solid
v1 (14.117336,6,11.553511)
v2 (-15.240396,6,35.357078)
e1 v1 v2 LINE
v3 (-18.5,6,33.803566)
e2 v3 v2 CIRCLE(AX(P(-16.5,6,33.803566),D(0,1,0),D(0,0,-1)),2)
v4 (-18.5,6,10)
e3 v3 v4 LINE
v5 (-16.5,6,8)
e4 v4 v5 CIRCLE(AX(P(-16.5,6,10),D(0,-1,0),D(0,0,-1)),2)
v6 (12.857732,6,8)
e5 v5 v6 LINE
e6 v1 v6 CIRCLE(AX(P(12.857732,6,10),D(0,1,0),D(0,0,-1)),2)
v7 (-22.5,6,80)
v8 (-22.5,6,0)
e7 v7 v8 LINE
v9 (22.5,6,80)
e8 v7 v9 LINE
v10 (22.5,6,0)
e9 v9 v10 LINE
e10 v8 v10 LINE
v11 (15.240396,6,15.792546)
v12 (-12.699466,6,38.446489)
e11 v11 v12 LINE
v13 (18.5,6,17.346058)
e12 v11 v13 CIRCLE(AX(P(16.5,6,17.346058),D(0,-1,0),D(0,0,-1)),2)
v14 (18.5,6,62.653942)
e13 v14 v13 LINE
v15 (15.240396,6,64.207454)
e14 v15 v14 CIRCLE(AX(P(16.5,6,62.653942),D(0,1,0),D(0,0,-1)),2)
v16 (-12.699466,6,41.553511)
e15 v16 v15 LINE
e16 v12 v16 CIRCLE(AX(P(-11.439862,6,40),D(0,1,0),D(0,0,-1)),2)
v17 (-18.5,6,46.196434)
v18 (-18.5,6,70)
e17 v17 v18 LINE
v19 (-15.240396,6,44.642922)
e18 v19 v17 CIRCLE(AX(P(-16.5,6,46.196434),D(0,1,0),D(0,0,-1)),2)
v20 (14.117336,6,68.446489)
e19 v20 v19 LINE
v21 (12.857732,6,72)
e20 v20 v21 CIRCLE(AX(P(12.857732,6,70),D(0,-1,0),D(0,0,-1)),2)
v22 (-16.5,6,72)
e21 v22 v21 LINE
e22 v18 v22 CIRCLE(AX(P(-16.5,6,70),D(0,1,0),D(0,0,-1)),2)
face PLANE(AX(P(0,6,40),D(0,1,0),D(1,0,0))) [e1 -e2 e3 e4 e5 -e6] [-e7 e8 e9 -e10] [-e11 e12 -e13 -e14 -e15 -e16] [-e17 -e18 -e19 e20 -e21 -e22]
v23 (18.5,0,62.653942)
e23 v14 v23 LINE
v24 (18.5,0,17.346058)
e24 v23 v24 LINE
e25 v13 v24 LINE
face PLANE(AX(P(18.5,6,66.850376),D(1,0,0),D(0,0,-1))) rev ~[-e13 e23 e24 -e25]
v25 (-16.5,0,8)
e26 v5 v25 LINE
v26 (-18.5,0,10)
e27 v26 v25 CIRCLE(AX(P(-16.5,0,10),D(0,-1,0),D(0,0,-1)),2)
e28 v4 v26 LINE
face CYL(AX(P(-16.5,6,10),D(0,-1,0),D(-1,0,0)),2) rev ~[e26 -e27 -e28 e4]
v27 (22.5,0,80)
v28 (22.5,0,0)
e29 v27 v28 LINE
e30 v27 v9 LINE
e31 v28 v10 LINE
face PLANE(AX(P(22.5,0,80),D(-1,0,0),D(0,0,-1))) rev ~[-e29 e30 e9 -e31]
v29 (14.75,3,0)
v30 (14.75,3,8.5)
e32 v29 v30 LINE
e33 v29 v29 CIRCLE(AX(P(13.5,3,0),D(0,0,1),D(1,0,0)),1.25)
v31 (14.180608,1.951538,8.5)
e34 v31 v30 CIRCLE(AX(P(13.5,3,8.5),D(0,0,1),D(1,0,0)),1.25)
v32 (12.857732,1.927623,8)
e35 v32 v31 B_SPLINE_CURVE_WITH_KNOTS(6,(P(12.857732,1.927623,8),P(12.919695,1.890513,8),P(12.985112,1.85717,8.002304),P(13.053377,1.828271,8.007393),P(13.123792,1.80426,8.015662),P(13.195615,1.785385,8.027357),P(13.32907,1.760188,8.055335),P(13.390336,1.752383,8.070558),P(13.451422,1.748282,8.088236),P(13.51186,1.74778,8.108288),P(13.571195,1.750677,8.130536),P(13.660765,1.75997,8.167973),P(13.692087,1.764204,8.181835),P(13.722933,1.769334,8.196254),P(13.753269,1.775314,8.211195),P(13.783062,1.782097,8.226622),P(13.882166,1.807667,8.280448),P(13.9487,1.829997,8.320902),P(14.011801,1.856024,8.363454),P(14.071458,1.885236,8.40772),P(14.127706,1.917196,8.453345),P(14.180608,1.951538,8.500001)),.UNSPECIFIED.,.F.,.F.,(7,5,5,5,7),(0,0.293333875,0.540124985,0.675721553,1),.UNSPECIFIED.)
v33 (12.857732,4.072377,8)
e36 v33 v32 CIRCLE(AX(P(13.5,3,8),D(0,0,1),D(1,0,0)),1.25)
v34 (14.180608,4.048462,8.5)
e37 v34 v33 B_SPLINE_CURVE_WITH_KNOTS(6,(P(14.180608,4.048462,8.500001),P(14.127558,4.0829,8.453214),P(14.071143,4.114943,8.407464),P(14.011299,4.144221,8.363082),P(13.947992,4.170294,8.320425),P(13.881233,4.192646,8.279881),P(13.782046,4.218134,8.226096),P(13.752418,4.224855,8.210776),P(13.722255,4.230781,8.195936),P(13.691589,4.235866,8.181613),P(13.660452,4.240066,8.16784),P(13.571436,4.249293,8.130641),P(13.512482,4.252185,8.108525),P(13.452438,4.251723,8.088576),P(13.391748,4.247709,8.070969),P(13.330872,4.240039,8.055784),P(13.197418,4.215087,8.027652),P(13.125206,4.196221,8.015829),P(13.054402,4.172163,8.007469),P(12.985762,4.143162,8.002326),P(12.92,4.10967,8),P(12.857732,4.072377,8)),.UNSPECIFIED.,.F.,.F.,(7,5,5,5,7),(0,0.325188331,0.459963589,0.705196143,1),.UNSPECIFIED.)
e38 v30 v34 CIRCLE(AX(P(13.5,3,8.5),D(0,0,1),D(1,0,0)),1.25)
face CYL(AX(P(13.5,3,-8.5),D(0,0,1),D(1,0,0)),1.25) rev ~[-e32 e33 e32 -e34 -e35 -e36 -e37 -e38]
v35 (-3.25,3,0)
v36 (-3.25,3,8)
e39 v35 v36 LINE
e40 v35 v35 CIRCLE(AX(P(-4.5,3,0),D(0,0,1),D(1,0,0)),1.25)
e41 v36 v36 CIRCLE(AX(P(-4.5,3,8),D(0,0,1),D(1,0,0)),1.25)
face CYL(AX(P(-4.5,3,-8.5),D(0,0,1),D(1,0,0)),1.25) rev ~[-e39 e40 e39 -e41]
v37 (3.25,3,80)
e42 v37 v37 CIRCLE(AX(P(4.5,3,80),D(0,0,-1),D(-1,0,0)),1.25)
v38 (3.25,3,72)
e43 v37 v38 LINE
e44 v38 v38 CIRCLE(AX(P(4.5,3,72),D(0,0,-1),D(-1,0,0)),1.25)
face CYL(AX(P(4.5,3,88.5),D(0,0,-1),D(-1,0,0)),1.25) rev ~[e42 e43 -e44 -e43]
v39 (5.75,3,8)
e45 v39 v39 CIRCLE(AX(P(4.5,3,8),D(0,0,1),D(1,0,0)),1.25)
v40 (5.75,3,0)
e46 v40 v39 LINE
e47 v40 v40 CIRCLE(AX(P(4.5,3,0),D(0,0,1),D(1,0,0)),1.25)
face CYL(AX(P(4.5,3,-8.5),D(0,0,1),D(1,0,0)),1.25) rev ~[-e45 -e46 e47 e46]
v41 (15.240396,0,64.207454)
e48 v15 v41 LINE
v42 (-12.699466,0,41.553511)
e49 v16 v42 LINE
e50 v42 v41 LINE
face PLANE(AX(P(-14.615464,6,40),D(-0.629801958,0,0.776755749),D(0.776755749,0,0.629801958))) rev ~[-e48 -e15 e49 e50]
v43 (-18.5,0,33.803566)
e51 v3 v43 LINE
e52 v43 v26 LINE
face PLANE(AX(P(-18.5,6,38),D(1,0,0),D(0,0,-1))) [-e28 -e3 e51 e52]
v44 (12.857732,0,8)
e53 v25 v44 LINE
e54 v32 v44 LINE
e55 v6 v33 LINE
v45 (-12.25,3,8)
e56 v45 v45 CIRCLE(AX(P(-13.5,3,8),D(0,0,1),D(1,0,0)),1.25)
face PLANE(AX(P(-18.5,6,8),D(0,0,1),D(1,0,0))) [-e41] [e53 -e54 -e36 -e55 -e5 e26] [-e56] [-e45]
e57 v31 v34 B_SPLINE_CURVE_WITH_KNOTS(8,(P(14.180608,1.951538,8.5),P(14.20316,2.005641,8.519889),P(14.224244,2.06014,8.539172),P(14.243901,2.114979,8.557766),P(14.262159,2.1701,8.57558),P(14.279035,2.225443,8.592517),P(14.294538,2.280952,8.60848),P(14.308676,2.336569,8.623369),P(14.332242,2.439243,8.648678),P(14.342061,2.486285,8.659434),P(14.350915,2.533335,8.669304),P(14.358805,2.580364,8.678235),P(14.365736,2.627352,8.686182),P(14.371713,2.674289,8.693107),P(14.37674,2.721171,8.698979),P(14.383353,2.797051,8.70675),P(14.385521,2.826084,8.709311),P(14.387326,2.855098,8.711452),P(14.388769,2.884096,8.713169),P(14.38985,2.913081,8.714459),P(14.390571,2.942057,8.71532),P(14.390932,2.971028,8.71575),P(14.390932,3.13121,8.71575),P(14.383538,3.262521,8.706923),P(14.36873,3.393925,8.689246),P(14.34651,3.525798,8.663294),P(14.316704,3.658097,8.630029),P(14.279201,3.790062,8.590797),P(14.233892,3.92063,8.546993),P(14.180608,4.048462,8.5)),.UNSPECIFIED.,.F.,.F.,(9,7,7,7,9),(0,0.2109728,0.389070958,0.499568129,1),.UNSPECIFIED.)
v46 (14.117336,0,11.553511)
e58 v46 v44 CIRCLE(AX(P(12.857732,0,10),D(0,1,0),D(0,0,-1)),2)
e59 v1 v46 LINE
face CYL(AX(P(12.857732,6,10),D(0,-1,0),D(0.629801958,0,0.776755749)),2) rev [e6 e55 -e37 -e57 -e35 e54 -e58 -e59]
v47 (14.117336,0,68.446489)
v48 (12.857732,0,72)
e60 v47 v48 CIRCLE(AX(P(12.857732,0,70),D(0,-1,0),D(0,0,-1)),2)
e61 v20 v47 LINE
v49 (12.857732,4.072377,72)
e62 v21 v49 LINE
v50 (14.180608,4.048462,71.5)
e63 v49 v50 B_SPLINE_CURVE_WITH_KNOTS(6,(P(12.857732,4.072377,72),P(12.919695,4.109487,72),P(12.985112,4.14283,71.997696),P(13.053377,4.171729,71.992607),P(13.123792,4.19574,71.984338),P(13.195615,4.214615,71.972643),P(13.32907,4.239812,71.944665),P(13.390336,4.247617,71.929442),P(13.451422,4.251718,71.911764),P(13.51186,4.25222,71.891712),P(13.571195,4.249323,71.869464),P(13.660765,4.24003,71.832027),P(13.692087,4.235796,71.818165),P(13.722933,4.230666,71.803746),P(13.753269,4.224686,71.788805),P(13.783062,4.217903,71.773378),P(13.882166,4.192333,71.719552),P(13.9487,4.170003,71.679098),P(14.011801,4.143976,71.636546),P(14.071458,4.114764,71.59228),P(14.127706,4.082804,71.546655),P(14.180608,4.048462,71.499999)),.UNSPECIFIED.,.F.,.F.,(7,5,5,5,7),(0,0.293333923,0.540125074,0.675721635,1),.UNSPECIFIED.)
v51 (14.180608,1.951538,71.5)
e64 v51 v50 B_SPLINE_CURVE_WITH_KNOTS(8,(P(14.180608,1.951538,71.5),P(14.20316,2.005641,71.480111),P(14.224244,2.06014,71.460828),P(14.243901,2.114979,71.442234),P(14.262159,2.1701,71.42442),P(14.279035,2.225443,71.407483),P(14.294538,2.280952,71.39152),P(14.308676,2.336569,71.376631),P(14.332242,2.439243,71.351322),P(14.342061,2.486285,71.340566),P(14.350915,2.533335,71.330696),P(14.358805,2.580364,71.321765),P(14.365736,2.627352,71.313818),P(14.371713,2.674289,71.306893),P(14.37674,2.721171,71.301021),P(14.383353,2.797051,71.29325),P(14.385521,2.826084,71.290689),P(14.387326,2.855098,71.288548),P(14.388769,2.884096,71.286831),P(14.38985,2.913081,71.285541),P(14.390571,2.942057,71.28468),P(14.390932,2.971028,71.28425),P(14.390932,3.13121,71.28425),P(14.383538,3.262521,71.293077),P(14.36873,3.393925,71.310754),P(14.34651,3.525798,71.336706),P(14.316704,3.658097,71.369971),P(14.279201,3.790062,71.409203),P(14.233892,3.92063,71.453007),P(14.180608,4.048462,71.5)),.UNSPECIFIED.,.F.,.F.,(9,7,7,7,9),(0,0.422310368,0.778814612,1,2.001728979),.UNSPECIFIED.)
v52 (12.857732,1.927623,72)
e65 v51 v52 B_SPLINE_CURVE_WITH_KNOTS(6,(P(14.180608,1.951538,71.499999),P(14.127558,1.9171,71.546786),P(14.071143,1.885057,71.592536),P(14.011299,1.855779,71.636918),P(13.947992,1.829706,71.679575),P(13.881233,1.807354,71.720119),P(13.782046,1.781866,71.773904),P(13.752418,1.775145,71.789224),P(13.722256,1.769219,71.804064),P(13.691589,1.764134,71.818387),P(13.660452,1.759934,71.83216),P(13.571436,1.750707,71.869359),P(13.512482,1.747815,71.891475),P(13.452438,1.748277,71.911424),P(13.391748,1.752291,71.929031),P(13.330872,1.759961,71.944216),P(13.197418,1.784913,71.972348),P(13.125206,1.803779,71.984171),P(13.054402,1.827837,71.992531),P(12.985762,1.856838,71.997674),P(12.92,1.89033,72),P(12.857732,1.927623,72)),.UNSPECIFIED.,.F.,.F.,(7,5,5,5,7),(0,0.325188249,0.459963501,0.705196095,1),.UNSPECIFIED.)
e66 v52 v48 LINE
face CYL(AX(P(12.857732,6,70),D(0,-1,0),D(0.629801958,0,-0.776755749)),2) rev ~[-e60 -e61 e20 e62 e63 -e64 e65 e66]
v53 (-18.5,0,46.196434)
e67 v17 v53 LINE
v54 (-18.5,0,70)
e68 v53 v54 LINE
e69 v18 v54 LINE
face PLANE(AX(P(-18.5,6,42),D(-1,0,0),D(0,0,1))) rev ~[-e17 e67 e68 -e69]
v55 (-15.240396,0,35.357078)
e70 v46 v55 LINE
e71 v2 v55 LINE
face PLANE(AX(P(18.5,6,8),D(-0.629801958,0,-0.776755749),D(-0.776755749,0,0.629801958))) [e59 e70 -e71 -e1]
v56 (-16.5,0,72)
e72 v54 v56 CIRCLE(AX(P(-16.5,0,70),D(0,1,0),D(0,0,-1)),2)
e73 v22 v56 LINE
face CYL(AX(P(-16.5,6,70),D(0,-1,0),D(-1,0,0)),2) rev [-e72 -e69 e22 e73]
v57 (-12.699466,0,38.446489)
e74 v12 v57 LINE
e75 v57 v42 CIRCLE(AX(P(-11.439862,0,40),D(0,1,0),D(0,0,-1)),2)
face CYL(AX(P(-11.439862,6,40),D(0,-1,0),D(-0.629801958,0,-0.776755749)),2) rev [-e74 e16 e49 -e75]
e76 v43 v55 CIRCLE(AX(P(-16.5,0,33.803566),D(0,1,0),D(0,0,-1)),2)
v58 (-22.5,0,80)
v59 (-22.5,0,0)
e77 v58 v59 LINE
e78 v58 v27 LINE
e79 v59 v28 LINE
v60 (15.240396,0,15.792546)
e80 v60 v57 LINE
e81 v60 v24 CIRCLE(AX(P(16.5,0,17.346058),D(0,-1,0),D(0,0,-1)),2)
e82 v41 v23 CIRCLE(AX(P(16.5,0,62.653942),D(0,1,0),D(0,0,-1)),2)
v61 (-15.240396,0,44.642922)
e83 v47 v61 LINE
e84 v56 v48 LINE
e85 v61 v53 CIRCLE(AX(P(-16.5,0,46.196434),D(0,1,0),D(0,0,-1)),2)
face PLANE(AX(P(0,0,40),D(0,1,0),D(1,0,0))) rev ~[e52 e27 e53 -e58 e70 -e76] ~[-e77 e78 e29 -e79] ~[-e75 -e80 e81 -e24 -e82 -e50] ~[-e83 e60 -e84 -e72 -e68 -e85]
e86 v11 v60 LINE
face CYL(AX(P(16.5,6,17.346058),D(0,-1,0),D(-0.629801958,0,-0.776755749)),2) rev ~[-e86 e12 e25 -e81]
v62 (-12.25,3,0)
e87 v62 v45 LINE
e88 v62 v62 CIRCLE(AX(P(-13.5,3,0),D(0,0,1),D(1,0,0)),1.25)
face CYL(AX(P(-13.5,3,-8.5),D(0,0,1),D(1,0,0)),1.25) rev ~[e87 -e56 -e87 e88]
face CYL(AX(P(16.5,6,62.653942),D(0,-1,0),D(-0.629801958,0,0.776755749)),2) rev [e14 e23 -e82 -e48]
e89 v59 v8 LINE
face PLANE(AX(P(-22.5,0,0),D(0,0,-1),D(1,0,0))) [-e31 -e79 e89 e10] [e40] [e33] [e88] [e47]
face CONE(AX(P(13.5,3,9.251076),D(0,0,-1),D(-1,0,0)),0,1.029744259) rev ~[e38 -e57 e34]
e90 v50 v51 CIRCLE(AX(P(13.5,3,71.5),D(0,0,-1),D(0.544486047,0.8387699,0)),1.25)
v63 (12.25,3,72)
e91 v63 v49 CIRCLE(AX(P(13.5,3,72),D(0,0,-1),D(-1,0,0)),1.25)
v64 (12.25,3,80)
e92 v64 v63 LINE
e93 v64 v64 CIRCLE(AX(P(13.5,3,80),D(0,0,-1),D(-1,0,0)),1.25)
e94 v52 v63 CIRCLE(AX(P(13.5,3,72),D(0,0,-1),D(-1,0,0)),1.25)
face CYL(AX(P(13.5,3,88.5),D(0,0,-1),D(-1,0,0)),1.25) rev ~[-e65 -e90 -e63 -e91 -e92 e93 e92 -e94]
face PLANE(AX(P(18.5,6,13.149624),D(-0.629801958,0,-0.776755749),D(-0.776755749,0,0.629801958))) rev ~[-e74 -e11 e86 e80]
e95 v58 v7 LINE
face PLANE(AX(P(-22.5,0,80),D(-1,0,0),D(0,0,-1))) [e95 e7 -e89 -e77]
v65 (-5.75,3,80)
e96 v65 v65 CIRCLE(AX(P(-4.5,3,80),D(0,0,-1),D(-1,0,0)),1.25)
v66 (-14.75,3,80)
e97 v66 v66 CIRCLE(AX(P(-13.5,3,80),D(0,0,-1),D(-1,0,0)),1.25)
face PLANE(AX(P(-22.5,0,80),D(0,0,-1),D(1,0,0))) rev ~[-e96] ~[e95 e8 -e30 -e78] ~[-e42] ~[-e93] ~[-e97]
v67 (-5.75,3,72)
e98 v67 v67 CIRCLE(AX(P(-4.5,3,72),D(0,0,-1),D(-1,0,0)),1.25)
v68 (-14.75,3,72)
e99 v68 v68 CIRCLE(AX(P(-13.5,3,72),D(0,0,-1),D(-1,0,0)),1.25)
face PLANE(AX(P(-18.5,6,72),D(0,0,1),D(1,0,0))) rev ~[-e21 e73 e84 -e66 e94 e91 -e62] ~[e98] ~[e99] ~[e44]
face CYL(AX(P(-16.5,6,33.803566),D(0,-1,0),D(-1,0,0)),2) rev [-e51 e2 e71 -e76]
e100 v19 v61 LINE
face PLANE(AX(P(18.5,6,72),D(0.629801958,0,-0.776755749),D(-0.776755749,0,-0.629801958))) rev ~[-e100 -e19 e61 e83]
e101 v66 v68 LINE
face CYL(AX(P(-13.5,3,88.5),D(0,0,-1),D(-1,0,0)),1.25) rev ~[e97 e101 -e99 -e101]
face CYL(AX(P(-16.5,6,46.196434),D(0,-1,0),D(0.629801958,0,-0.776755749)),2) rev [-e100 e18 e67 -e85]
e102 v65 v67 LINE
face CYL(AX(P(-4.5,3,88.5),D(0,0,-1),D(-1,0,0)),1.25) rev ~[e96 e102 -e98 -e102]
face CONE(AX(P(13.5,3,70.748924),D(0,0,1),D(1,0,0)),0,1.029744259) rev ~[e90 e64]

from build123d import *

# Parameters (mm, degrees)
SKETCH_1_W          = 45
SKETCH_1_H          = 80
EXTRUDE_1_DEPTH     = 6
CUT_EXTRUDE_2_DEPTH = 84.320165626
FILLET_10_R         = 2
M3X0_52_D           = 2.5
M3X0_52_DEPTH       = 8.5
M3X0_52_TIP         = 0.751075774
M3X0_51_D           = 2.5
M3X0_51_DEPTH       = 8.5
M3X0_51_TIP         = 0.751075774


with BuildPart() as part:
    # Эскиз1 → Бобышка-Вытянуть1 (new body)
    with BuildSketch(Plane(origin=(0, 0, 0), x_dir=(1, 0, 0), z_dir=(0, 1, 0))):
        with Locations((0, -40)):
            Rectangle(SKETCH_1_W, SKETCH_1_H)
    extrude(amount=EXTRUDE_1_DEPTH)

    # Эскиз13 → Вырез-Вытянуть2 (cut, through all)
    with BuildSketch(Plane(origin=(0, 6, 0), x_dir=(1, 0, 0), z_dir=(0, 1, 0))):
        Polygon((-18.5, -8), (18.5, -8), (-18.5, -38), align=None)
        Polygon((18.5, -72), (-18.5, -42), (-18.5, -72), align=None)
        Polygon((18.5, -13.149623941), (-14.615463806, -40), (18.5, -66.850376059), align=None)
    extrude(amount=-CUT_EXTRUDE_2_DEPTH, mode=Mode.SUBTRACT)

    # Скругление10
    fillet_10_edges = [part.edges().sort_by_distance(p)[0] for p in [
        (18.5, 3, 72),
        (-18.5, 3, 72),
        (-18.5, 3, 42),
        (-18.5, 3, 38),
        (-18.5, 3, 8),
        (18.5, 3, 8),
        (18.5, 3, 13.149623941),
        (18.5, 3, 66.850376059),
        (-14.615463806, 3, 40),
    ]]
    fillet(fillet_10_edges, radius=FILLET_10_R)

    # Отверстие обработанное метчиком M3x0.52
    with Locations(Plane(origin=(0, 0, 0), x_dir=(-1, 0, 0), z_dir=(0, 0, -1))):
        with Locations((-13.5, 3), (-4.5, 3), (4.5, 3), (13.5, 3)):
            Hole(M3X0_52_D / 2, depth=M3X0_52_DEPTH)
            with Locations((0, 0, -(M3X0_52_DEPTH + M3X0_52_TIP / 2))):  # 118° drill point
                Cone(0, M3X0_52_D / 2, M3X0_52_TIP, mode=Mode.SUBTRACT)

    # Отверстие обработанное метчиком M3x0.51
    with Locations(Plane.XY.offset(80)):
        with Locations((-13.5, 3), (-4.5, 3), (4.5, 3), (13.5, 3)):
            Hole(M3X0_51_D / 2, depth=M3X0_51_DEPTH)
            with Locations((0, 0, -(M3X0_51_DEPTH + M3X0_51_TIP / 2))):  # 118° drill point
                Cone(0, M3X0_51_D / 2, M3X0_51_TIP, mode=Mode.SUBTRACT)


solid = part.part
